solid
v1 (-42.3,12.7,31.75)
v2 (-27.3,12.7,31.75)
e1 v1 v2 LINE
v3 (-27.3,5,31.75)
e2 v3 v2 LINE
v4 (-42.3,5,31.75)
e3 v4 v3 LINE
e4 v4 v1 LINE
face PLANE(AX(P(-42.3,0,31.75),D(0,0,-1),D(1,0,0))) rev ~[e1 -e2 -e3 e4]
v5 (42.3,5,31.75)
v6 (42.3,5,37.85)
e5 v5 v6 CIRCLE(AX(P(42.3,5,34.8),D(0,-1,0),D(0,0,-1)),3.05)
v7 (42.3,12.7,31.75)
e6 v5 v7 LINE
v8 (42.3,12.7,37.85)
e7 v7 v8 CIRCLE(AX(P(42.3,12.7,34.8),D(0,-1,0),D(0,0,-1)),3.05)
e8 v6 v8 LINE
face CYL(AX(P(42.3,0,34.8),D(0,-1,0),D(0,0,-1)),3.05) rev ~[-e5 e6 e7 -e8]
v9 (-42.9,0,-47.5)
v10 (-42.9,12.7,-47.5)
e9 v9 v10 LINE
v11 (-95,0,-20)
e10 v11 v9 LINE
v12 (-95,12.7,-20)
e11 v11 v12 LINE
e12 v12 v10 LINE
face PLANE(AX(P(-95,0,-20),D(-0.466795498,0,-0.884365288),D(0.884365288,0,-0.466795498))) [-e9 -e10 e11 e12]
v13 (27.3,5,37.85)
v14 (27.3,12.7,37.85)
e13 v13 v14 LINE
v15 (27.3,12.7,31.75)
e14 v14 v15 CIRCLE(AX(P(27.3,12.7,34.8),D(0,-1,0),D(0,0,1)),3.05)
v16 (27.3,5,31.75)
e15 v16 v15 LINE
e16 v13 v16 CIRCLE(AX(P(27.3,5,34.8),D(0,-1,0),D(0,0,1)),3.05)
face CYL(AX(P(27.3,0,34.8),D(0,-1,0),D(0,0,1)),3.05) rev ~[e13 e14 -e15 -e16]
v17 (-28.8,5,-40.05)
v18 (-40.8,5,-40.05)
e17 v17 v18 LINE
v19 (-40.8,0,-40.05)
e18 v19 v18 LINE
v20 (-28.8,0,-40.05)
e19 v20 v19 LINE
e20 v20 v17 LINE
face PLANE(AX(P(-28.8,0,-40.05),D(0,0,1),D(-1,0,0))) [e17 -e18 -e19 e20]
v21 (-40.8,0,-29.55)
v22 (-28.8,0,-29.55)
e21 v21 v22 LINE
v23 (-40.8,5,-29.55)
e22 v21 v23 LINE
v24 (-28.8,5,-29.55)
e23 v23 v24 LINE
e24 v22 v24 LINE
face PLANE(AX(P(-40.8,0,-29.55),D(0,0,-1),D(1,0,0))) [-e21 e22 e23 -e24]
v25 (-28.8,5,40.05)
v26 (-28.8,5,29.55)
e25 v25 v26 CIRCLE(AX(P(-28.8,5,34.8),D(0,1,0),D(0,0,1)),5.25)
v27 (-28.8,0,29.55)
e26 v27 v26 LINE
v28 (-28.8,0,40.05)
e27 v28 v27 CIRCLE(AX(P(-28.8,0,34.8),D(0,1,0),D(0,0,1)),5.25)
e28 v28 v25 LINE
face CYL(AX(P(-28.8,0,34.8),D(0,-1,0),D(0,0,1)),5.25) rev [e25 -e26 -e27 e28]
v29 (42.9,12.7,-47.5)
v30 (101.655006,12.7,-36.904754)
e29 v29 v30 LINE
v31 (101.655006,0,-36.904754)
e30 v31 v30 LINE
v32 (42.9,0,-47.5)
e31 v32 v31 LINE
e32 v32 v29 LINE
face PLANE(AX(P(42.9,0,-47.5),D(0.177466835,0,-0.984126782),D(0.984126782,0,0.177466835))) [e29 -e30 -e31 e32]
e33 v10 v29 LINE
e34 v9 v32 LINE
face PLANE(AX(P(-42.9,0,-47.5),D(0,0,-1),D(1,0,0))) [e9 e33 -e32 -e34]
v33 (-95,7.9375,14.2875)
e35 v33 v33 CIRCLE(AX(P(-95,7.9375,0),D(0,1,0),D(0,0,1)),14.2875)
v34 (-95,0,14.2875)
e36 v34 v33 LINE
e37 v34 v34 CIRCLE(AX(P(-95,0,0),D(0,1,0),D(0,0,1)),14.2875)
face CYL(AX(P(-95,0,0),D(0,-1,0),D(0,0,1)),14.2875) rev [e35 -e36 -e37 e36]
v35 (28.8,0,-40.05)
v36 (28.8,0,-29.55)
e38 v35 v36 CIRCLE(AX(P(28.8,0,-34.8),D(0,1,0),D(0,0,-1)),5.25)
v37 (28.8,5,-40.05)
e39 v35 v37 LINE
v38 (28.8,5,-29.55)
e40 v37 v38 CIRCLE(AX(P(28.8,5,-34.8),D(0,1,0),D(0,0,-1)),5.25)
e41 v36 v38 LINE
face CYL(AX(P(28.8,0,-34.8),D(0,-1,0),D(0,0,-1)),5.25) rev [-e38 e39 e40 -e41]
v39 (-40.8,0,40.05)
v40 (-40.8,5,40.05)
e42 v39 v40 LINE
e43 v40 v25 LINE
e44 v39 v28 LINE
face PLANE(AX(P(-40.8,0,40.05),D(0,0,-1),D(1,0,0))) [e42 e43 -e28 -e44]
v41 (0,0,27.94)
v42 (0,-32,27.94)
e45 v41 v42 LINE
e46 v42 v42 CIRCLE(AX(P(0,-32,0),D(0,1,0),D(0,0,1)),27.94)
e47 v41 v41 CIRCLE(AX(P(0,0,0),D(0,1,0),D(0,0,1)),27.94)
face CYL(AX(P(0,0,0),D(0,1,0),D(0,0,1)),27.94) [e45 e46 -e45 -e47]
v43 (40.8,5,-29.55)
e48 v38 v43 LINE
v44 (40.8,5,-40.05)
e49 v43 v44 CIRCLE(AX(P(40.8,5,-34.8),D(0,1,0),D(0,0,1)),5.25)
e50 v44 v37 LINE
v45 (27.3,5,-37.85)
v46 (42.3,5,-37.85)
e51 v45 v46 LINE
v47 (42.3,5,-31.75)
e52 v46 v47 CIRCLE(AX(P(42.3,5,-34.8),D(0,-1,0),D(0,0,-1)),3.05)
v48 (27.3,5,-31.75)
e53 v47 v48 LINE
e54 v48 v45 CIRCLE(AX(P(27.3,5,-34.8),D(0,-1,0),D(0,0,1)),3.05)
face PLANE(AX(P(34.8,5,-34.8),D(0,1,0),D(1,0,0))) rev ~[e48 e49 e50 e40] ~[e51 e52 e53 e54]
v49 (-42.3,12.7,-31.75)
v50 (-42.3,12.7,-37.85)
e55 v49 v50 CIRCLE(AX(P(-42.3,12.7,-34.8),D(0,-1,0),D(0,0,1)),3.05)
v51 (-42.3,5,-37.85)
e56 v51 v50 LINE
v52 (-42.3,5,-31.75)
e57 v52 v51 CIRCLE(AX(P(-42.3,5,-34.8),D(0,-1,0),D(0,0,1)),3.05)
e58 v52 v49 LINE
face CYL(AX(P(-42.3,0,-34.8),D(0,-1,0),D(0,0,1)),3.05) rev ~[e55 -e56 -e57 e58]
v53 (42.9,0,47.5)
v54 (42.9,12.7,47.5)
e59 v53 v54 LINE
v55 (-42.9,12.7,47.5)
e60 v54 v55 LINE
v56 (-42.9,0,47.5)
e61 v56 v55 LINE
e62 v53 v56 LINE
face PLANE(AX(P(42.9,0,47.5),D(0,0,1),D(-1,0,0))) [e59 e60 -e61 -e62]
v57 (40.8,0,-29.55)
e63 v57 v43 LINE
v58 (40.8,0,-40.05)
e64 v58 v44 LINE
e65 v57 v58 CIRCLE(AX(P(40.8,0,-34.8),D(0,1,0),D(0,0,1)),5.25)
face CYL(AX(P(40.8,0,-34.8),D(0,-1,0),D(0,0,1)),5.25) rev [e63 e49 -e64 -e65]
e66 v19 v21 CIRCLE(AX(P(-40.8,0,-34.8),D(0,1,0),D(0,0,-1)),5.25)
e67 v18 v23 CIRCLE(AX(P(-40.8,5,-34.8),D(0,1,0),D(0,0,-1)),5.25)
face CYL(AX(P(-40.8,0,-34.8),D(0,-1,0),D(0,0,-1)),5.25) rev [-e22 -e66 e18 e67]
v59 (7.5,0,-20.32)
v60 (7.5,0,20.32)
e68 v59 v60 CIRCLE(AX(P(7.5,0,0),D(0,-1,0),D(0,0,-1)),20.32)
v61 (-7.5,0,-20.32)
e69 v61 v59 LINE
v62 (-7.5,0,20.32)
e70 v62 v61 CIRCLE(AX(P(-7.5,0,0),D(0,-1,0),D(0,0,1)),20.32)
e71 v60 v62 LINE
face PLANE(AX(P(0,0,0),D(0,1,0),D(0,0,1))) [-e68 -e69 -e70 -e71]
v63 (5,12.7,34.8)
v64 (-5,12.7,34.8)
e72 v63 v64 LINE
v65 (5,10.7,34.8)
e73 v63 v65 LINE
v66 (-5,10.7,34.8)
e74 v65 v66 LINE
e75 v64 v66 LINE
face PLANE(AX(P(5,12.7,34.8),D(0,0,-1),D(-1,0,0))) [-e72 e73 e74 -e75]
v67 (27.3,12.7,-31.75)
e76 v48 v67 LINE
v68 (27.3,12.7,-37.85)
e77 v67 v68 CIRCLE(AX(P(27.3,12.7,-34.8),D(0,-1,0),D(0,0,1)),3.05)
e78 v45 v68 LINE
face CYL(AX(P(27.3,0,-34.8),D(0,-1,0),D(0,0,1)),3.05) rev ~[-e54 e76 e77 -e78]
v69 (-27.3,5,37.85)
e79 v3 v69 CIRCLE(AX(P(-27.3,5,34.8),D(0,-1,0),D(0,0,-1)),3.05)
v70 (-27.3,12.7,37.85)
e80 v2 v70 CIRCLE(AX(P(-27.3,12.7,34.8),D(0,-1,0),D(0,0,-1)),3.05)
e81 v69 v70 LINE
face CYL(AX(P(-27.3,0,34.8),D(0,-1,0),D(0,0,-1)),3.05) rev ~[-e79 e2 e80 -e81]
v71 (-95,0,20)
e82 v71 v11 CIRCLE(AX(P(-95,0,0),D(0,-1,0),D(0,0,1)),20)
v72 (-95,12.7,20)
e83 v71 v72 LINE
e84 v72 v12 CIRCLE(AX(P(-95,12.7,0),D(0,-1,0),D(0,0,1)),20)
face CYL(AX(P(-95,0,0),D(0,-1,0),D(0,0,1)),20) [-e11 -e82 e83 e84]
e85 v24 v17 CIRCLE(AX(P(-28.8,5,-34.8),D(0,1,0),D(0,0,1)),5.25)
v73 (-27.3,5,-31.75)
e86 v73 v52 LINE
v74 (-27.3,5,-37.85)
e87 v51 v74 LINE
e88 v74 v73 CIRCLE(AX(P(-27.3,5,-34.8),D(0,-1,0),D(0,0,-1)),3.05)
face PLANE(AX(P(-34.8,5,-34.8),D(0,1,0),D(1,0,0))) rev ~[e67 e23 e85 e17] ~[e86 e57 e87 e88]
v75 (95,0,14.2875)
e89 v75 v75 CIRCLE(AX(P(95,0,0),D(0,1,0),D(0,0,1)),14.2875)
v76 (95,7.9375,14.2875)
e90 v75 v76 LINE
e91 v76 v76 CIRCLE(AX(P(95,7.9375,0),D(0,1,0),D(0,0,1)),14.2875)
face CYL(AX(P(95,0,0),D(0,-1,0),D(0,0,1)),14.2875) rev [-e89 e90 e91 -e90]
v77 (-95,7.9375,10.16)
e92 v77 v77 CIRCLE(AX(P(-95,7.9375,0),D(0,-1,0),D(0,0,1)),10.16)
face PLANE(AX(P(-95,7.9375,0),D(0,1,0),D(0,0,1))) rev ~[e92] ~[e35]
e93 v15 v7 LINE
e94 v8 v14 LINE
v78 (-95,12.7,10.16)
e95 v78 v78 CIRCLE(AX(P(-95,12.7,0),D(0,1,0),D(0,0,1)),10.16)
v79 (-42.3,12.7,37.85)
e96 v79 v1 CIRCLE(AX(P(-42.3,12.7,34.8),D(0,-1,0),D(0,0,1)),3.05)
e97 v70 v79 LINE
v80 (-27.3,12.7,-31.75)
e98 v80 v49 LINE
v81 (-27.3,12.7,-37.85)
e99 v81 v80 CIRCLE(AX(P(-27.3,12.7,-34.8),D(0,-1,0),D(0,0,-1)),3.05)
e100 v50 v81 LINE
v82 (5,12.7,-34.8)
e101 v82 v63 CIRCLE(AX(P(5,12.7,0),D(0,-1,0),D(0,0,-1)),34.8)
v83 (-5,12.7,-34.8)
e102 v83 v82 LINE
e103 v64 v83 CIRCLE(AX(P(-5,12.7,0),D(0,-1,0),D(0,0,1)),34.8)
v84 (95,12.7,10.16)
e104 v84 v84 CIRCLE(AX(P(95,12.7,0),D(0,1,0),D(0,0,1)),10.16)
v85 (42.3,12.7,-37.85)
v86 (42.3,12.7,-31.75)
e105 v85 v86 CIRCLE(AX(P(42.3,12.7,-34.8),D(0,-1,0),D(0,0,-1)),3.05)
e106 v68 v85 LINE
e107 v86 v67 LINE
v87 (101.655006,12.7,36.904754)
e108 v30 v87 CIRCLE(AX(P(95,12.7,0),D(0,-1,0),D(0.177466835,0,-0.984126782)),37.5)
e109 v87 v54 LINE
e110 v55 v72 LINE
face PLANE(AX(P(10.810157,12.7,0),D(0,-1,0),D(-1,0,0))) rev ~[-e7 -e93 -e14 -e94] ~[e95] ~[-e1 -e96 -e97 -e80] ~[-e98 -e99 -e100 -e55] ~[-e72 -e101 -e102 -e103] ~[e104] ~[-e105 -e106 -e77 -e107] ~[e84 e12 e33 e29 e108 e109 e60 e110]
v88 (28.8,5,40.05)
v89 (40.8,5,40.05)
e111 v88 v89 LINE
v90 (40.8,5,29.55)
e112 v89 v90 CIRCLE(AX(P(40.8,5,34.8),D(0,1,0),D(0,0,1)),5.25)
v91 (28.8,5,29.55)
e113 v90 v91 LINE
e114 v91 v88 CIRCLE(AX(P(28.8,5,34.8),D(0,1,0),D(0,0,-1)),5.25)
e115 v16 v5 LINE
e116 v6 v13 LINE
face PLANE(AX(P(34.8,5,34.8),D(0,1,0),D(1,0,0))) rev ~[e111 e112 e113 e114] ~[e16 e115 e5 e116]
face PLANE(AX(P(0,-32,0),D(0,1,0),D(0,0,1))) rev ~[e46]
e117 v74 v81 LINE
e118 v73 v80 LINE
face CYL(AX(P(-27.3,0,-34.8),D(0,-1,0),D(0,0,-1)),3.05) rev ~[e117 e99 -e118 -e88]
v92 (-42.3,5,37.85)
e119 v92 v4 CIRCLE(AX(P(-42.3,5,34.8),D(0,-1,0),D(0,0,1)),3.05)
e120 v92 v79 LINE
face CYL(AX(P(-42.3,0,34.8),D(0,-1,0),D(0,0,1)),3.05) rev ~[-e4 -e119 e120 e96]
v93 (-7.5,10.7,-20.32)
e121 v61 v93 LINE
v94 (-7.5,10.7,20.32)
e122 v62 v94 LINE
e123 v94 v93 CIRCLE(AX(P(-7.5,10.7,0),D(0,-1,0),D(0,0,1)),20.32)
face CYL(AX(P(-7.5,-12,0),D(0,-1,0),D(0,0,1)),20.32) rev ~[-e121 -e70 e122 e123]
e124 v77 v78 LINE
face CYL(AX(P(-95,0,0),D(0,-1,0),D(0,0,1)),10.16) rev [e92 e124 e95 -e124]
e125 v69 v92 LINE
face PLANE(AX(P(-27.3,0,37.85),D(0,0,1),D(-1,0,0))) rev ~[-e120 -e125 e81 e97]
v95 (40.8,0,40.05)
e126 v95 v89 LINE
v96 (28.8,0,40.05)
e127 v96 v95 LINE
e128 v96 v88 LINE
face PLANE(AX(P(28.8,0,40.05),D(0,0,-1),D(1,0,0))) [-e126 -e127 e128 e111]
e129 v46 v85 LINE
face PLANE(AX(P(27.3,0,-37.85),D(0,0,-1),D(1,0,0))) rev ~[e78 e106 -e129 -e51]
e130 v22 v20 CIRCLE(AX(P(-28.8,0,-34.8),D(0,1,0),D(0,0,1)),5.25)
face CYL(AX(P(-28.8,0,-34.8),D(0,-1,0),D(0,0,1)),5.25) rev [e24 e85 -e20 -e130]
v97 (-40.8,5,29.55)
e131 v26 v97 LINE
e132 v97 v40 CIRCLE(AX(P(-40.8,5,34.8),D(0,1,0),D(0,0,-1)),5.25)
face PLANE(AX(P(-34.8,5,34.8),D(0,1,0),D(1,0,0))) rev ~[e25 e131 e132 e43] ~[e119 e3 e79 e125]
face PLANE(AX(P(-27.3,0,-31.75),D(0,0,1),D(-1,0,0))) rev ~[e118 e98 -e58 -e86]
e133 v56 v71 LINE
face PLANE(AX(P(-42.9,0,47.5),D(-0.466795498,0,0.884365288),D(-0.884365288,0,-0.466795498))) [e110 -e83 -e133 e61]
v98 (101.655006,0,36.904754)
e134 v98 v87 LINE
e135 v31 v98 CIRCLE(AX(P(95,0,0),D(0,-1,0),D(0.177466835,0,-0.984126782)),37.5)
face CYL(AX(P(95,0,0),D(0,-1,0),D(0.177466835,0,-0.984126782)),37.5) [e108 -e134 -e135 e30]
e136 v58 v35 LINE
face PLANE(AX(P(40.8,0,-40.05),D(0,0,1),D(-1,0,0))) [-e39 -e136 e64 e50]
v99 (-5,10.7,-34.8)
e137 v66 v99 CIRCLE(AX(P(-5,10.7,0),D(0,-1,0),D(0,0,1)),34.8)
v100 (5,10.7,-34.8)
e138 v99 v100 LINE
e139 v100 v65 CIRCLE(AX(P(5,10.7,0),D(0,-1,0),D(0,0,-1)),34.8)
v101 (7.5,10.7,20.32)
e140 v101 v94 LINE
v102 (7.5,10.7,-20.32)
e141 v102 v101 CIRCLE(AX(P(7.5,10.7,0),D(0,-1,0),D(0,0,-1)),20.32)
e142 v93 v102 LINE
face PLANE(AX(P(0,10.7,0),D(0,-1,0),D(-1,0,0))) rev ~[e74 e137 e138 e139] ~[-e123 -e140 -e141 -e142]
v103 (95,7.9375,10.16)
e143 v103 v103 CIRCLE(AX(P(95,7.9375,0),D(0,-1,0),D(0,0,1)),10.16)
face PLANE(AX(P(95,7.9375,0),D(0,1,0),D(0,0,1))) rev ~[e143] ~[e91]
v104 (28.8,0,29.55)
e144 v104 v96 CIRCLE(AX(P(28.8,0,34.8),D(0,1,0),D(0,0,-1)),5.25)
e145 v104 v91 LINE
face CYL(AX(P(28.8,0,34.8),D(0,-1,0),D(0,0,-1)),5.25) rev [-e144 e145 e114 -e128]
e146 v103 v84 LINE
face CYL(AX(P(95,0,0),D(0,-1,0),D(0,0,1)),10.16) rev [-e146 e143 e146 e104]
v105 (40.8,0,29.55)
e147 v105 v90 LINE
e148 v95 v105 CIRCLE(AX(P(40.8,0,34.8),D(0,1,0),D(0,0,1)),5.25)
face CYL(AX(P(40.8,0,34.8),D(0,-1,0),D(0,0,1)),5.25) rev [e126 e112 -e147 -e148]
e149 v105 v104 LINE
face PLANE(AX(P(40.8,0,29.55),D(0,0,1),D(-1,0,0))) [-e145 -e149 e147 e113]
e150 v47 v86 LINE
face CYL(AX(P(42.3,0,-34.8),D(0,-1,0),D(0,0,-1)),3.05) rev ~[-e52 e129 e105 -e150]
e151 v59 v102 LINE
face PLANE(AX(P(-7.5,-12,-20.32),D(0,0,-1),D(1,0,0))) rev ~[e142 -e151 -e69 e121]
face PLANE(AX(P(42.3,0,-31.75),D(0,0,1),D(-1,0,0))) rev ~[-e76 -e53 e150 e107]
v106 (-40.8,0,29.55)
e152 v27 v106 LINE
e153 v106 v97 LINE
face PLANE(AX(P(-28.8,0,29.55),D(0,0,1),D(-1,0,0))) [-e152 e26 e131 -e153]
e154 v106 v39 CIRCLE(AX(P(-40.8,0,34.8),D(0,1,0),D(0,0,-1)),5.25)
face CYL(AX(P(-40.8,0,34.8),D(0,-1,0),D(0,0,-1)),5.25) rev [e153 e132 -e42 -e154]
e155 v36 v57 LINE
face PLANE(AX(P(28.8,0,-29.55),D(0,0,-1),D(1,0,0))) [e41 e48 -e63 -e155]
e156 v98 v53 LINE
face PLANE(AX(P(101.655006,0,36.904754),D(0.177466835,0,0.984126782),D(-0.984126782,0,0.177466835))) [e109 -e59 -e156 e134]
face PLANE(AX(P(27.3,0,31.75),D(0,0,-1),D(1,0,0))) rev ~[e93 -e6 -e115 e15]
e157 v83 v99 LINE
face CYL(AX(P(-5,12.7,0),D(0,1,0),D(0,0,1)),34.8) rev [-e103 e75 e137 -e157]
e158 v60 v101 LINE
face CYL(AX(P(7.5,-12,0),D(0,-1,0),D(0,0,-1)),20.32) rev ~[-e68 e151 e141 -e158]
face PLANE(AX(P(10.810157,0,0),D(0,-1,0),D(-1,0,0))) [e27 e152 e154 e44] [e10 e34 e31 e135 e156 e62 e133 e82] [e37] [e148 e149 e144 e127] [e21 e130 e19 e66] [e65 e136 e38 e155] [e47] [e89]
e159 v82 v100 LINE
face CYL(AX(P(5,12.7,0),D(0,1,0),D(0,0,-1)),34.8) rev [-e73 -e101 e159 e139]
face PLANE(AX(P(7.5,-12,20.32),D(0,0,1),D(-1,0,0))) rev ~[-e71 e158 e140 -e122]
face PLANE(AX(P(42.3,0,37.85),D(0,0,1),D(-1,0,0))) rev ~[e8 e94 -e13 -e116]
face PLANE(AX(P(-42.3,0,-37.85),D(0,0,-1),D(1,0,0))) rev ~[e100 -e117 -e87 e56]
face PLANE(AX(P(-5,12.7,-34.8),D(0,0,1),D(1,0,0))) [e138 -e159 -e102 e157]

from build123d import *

# Parameters (mm, degrees)
SKETCH1_R               = 10.16
BOSS_EXTRUDE1_DEPTH     = 12.7
SKETCH2_R               = 14.2875
CUT_EXTRUDE1_DEPTH      = 7.9375
CUT_EXTRUDE2_DEPTH      = 5
CUT_EXTRUDE3_START      = 12.7
CUT_EXTRUDE3_DEPTH      = 2
CUT_EXTRUDE4_DEPTH      = 22
CUT_EXTRUDE4_DEPTH_BACK = 12
SKETCH6_R               = 27.94
BOSS_EXTRUDE2_DEPTH     = 32


with BuildPart() as part:
    # Sketch1 → Boss-Extrude1 (new body)
    with BuildSketch(Plane(origin=(0, 0, 0), x_dir=(1, 0, 0), z_dir=(0, 1, 0))):
        with BuildLine():
            Line((-42.9, 47.5), (42.9, 47.5))
            Line((42.9, 47.5), (101.65500633, 36.904754311))
            ThreePointArc((101.65500633, 36.904754311), (132.5, 0), (101.65500633, -36.904754311))
            Line((101.65500633, -36.904754311), (42.9, -47.5))
            Line((42.9, -47.5), (-42.9, -47.5))
            Line((-42.9, -47.5), (-95, -20))
            ThreePointArc((-95, -20), (-115, 0), (-95, 20))
            Line((-95, 20), (-42.9, 47.5))
        make_face()
        with Locations(Location((-95, 0, 0), (0, 0, 270))):
            Circle(SKETCH1_R, mode=Mode.SUBTRACT)
        with Locations(Location((95, 0, 0), (0, 0, 270))):
            Circle(SKETCH1_R, mode=Mode.SUBTRACT)
        with BuildLine():
            Line((-42.3, 37.85), (-27.3, 37.85))
            ThreePointArc((-27.3, 37.85), (-24.25, 34.8), (-27.3, 31.75))
            Line((-27.3, 31.75), (-42.3, 31.75))
            ThreePointArc((-42.3, 31.75), (-45.35, 34.8), (-42.3, 37.85))
        make_face(mode=Mode.SUBTRACT)
        with BuildLine():
            Line((42.3, 31.75), (27.3, 31.75))
            ThreePointArc((27.3, 31.75), (24.25, 34.8), (27.3, 37.85))
            Line((27.3, 37.85), (42.3, 37.85))
            ThreePointArc((42.3, 37.85), (45.35, 34.8), (42.3, 31.75))
        make_face(mode=Mode.SUBTRACT)
        with BuildLine():
            Line((42.3, -37.85), (27.3, -37.85))
            ThreePointArc((27.3, -37.85), (24.25, -34.8), (27.3, -31.75))
            Line((27.3, -31.75), (42.3, -31.75))
            ThreePointArc((42.3, -31.75), (45.35, -34.8), (42.3, -37.85))
        make_face(mode=Mode.SUBTRACT)
        with BuildLine():
            Line((-42.3, -31.75), (-27.3, -31.75))
            ThreePointArc((-27.3, -31.75), (-24.25, -34.8), (-27.3, -37.85))
            Line((-27.3, -37.85), (-42.3, -37.85))
            ThreePointArc((-42.3, -37.85), (-45.35, -34.8), (-42.3, -31.75))
        make_face(mode=Mode.SUBTRACT)
        with BuildLine():
            Line((-8, 7.5), (8, 7.5))
            ThreePointArc((8, 7.5), (15.5, 0), (8, -7.5))
            Line((8, -7.5), (-8, -7.5))
            ThreePointArc((-8, -7.5), (-15.5, 0), (-8, 7.5))
        make_face(mode=Mode.SUBTRACT)
    extrude(amount=BOSS_EXTRUDE1_DEPTH)

    # Sketch2 → Cut-Extrude1 (cut)
    with BuildSketch(Plane(origin=(0, 0, 0), x_dir=(1, 0, 0), z_dir=(0, 1, 0))):
        with Locations(Location((-95, 0, 0), (0, 0, 270))):
            Circle(SKETCH2_R)
        with Locations(Location((95, 0, 0), (0, 0, 270))):
            Circle(SKETCH2_R)
    extrude(amount=CUT_EXTRUDE1_DEPTH, mode=Mode.SUBTRACT)

    # Sketch3 → Cut-Extrude2 (cut)
    with BuildSketch(Plane(origin=(0, 0, 0), x_dir=(1, 0, 0), z_dir=(0, 1, 0))):
        with BuildLine():
            Line((-40.8, -40.05), (-28.8, -40.05))
            ThreePointArc((-28.8, -40.05), (-23.55, -34.8), (-28.8, -29.55))
            Line((-28.8, -29.55), (-40.8, -29.55))
            ThreePointArc((-40.8, -29.55), (-46.05, -34.8), (-40.8, -40.05))
        make_face()
        with BuildLine():
            Line((40.8, -29.55), (28.8, -29.55))
            ThreePointArc((28.8, -29.55), (23.55, -34.8), (28.8, -40.05))
            Line((28.8, -40.05), (40.8, -40.05))
            ThreePointArc((40.8, -40.05), (46.05, -34.8), (40.8, -29.55))
        make_face()
        with BuildLine():
            Line((40.8, 40.05), (28.8, 40.05))
            ThreePointArc((28.8, 40.05), (23.55, 34.8), (28.8, 29.55))
            Line((28.8, 29.55), (40.8, 29.55))
            ThreePointArc((40.8, 29.55), (46.05, 34.8), (40.8, 40.05))
        make_face()
        with BuildLine():
            ThreePointArc((-28.8, 29.55), (-23.55, 34.8), (-28.8, 40.05))
            Line((-28.8, 40.05), (-40.8, 40.05))
            ThreePointArc((-40.8, 40.05), (-46.05, 34.8), (-40.8, 29.55))
            Line((-40.8, 29.55), (-28.8, 29.55))
        make_face()
    extrude(amount=CUT_EXTRUDE2_DEPTH, mode=Mode.SUBTRACT)

    # Sketch4 → Cut-Extrude3 (cut)
    with BuildSketch(Plane(origin=(0, 0, 0), x_dir=(1, 0, 0), z_dir=(0, 1, 0)).offset(CUT_EXTRUDE3_START)):
        with BuildLine():
            Line((-5, 34.8), (5, 34.8))
            ThreePointArc((5, 34.8), (39.8, 0), (5, -34.8))
            Line((5, -34.8), (-5, -34.8))
            ThreePointArc((-5, -34.8), (-39.8, 0), (-5, 34.8))
        make_face()
    extrude(amount=-CUT_EXTRUDE3_DEPTH, mode=Mode.SUBTRACT)

    # Sketch5 → Cut-Extrude4 (cut, two sides: drawn at the far end of the back side and taken through both)
    with BuildSketch(Plane(origin=(0, 0, 0), x_dir=(1, 0, 0), z_dir=(0, 1, 0)).offset(-CUT_EXTRUDE4_DEPTH_BACK)):
        with BuildLine():
            Line((-7.5, 20.32), (7.5, 20.32))
            ThreePointArc((7.5, 20.32), (27.82, 0), (7.5, -20.32))
            Line((7.5, -20.32), (-7.5, -20.32))
            ThreePointArc((-7.5, -20.32), (-27.82, 0), (-7.5, 20.32))
        make_face()
    extrude(amount=CUT_EXTRUDE4_DEPTH + CUT_EXTRUDE4_DEPTH_BACK, mode=Mode.SUBTRACT)

    # Sketch6 → Boss-Extrude2 (add)
    with BuildSketch(Plane(origin=(0, 0, 0), x_dir=(1, 0, 0), z_dir=(0, 1, 0))):
        with Locations(Location((0, 0, 0), (0, 0, 270))):
            Circle(SKETCH6_R)
    extrude(amount=-BOSS_EXTRUDE2_DEPTH)


solid = part.part
